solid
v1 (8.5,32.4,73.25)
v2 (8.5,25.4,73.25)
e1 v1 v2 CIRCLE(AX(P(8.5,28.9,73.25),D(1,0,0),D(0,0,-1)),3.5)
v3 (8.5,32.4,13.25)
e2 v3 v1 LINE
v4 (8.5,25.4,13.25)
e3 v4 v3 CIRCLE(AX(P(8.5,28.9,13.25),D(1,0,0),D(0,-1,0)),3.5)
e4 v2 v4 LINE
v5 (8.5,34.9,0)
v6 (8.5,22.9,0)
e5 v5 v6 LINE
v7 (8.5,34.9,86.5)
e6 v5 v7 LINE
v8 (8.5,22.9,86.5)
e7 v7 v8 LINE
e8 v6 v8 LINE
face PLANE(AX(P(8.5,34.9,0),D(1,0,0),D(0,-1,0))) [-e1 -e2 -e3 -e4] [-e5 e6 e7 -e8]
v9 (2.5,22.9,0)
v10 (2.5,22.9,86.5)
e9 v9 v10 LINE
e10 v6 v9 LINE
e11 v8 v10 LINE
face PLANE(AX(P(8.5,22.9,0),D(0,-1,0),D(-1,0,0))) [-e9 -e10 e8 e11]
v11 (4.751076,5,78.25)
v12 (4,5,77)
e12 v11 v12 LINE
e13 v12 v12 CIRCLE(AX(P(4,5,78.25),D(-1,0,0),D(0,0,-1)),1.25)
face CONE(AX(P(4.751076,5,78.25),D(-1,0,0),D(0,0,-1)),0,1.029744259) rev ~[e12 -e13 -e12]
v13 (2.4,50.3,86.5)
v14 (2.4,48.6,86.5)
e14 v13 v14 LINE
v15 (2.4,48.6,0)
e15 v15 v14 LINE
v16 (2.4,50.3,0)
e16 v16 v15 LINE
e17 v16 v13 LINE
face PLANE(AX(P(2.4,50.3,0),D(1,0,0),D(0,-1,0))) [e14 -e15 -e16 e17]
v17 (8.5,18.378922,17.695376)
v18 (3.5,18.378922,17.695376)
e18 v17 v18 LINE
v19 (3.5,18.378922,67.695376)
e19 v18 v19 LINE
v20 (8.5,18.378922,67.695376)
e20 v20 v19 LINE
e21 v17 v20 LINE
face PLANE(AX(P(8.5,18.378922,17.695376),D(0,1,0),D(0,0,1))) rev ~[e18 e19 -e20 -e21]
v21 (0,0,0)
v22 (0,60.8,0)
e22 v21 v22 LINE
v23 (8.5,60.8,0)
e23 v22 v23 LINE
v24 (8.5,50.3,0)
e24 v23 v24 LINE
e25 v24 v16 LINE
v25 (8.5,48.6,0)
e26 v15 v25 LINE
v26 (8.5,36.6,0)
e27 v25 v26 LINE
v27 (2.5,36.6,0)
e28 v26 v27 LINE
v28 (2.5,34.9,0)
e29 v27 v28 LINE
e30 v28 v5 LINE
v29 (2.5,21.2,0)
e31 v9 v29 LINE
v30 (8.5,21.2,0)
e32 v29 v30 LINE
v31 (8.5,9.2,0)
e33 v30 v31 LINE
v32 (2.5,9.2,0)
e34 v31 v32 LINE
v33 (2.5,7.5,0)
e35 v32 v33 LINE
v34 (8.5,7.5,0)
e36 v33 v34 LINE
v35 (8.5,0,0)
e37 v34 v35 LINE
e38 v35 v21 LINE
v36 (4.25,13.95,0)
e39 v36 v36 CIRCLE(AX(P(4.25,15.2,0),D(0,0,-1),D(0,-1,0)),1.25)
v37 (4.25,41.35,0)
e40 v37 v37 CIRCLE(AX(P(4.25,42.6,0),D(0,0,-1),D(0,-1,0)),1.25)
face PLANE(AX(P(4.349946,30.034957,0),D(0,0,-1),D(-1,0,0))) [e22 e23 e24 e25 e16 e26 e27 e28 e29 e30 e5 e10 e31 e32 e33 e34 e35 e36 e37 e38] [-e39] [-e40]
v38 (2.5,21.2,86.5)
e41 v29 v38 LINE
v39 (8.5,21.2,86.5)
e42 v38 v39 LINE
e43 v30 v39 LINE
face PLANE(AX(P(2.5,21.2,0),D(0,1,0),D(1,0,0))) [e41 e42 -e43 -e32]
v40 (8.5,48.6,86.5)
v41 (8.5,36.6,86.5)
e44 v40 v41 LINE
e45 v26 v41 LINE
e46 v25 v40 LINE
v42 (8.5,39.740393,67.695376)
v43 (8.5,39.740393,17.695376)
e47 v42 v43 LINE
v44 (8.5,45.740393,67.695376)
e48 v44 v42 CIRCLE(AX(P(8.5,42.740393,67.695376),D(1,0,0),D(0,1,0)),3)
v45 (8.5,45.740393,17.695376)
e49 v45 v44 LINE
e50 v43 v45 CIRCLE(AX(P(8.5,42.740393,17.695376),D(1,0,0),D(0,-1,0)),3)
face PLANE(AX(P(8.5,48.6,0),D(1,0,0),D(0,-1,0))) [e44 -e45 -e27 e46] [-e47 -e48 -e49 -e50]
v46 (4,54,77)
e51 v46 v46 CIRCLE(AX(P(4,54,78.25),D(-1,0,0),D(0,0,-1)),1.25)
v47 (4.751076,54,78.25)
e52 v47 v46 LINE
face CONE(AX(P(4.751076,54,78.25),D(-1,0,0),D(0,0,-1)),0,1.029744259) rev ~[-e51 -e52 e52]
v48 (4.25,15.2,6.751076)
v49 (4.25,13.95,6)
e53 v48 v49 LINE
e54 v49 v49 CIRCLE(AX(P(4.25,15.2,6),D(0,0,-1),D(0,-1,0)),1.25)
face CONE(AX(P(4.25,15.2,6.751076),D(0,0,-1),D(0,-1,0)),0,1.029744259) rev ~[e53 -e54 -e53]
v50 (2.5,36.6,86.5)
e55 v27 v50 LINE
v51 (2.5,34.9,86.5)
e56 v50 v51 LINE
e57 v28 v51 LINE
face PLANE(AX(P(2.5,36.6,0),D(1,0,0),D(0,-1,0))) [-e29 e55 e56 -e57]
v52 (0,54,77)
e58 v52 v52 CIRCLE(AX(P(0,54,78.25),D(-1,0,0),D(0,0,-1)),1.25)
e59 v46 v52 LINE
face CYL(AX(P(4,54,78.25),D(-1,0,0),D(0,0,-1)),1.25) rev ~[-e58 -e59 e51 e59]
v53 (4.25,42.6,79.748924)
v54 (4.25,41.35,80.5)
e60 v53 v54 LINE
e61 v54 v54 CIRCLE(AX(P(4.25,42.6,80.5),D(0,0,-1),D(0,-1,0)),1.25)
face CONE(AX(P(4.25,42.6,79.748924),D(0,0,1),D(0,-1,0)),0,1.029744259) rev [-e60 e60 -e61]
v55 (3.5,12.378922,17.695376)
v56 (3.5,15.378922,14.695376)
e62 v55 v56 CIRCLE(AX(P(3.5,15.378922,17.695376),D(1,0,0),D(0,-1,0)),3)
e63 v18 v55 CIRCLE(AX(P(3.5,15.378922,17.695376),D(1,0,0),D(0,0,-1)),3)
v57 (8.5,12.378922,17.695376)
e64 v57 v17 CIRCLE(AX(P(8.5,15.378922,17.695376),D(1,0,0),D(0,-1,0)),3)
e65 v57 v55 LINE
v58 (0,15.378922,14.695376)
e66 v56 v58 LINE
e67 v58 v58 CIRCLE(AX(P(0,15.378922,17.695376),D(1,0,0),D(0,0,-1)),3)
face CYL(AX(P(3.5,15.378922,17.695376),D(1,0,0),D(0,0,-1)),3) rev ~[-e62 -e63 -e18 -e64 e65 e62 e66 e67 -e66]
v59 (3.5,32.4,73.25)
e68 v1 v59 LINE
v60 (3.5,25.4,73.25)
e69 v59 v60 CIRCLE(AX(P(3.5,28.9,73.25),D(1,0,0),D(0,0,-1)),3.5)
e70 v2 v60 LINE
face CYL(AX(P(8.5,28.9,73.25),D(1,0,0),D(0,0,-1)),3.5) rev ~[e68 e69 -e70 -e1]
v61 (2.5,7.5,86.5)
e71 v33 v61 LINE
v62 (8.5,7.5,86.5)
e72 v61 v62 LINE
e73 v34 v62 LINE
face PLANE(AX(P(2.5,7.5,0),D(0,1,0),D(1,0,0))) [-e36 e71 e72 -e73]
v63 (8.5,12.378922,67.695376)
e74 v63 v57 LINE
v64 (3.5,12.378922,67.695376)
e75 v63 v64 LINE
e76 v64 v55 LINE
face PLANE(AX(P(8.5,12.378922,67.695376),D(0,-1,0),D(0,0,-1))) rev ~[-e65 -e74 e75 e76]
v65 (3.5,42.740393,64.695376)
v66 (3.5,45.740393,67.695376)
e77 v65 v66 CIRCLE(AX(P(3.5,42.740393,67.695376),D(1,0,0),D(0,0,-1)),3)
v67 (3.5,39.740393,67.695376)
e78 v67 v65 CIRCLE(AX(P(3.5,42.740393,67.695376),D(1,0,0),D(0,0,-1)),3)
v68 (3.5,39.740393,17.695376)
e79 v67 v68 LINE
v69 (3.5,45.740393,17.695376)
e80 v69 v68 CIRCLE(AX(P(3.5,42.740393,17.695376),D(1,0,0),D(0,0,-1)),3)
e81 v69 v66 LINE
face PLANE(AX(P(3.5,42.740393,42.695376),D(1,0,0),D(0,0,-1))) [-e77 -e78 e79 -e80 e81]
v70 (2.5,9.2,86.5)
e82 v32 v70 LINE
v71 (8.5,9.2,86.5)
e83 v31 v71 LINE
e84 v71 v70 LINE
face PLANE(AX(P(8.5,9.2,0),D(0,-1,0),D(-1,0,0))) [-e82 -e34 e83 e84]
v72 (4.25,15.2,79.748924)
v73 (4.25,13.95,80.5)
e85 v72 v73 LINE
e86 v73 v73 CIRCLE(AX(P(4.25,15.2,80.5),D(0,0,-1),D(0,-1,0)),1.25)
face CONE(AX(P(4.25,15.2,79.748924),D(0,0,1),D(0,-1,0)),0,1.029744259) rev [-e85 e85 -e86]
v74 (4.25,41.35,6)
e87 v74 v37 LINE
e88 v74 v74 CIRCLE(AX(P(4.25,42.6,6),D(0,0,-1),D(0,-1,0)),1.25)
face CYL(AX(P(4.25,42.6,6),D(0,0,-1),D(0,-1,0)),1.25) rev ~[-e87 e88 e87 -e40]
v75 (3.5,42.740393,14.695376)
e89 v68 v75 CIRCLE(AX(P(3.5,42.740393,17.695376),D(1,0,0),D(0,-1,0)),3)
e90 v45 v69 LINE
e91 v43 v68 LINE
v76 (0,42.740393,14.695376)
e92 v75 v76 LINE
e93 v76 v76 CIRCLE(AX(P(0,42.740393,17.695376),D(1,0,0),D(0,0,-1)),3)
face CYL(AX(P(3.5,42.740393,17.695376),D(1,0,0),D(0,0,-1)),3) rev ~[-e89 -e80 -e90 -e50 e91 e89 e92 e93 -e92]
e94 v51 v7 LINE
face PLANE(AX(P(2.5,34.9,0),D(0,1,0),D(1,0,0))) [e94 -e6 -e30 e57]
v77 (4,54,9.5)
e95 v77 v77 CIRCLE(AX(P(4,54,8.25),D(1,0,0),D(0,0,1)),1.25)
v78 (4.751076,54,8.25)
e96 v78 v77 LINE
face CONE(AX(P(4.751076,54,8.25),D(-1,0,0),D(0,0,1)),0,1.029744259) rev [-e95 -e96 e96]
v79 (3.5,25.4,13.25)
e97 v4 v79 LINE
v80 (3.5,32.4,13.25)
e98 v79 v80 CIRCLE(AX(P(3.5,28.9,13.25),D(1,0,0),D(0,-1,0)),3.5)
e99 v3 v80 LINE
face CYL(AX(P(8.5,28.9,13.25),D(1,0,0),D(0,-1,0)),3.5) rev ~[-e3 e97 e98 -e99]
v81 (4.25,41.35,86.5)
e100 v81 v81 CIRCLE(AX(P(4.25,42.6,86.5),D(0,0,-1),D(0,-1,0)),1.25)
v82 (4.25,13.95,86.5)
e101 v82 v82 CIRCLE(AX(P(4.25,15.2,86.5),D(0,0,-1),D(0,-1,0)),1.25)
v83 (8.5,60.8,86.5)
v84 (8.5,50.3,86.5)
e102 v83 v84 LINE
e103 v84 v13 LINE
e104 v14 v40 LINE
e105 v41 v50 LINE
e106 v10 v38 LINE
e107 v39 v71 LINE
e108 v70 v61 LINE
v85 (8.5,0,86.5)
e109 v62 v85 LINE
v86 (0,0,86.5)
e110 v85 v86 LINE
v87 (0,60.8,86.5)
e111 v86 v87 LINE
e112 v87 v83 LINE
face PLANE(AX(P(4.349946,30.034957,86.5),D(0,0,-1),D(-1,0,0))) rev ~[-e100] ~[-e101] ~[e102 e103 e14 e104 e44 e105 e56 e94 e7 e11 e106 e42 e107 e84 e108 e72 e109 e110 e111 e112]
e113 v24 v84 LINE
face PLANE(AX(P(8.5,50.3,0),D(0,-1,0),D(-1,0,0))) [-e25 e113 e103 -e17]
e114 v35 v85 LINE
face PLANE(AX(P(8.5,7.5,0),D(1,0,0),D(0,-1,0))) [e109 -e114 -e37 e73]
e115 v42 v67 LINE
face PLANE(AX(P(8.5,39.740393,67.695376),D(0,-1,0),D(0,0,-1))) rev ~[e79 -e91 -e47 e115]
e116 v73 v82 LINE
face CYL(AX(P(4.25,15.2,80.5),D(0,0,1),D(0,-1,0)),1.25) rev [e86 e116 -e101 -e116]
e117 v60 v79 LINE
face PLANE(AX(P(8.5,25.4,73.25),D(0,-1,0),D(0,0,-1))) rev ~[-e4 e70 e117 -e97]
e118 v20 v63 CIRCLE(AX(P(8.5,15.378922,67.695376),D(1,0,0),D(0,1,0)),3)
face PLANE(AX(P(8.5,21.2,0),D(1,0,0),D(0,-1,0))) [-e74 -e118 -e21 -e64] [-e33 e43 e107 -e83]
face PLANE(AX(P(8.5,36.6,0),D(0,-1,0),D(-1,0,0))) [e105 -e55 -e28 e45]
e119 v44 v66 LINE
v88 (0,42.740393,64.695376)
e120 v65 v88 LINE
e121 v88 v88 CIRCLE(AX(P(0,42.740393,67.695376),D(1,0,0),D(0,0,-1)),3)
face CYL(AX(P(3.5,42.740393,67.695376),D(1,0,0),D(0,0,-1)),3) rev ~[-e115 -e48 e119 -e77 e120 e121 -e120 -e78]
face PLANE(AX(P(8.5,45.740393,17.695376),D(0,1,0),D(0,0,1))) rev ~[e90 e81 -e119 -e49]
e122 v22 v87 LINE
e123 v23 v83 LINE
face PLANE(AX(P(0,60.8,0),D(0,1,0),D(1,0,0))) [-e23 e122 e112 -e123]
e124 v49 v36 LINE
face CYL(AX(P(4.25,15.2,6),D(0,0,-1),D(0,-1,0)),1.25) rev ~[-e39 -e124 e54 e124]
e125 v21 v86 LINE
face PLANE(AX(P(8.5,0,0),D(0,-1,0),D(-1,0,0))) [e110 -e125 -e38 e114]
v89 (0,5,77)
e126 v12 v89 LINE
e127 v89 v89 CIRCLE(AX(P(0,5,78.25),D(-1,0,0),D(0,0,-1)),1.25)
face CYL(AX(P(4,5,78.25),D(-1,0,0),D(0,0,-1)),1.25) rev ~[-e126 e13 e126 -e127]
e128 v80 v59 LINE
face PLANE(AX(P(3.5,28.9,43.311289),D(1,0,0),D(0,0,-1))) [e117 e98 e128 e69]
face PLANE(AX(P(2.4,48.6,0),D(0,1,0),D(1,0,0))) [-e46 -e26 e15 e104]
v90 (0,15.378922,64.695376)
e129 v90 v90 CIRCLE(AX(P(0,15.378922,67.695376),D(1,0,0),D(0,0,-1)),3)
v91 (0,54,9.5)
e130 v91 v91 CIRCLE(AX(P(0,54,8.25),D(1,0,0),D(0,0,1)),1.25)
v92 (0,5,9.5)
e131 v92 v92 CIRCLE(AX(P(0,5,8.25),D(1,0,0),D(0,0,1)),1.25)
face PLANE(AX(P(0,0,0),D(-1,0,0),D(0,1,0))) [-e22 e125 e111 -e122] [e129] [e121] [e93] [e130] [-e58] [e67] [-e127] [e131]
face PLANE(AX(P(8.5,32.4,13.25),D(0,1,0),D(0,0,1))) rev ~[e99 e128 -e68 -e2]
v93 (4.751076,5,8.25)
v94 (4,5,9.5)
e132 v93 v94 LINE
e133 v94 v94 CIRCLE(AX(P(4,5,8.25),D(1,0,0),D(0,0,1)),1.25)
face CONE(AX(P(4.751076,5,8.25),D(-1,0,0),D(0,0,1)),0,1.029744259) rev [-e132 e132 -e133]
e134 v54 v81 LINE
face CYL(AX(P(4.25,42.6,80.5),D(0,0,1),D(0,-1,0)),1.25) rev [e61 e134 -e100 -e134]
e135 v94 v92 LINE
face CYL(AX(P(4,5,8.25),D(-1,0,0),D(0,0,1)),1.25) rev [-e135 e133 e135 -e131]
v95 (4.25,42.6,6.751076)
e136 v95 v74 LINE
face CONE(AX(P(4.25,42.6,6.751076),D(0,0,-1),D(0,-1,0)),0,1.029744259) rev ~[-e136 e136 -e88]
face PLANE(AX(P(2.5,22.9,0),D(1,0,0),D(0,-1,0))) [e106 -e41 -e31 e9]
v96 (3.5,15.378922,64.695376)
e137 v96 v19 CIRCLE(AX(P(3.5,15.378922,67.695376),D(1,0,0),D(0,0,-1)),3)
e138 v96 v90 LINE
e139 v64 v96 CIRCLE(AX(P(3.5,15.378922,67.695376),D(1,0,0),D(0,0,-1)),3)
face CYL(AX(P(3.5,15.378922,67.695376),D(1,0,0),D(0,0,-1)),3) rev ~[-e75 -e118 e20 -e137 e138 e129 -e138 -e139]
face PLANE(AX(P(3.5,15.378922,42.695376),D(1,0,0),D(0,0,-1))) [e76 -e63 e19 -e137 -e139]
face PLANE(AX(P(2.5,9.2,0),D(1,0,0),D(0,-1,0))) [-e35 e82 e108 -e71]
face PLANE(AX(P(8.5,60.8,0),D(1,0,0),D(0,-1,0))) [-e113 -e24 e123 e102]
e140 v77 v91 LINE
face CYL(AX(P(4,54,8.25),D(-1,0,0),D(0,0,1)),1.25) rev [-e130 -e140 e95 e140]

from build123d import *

# Parameters (mm, degrees)
BOSS_EXTRUDE1_DEPTH            = 86.5
M3X0_5_TAPPED_HOLE2_AT_2_COUNT = 2
M3X0_5_TAPPED_HOLE2_AT_2_PITCH = 27.4
M3X0_5_TAPPED_HOLE1_AT_2_COUNT = 2
M3X0_5_TAPPED_HOLE1_AT_2_PITCH = 49
SKETCH14_R                     = 3.5
CUT_EXTRUDE3_DEPTH             = 5
CUT_EXTRUDE1_DEPTH             = 5
SKETCH13_R                     = 3
CUT_EXTRUDE2_DEPTH             = 4.5


with BuildPart() as part:
    # Sketch1 → Boss-Extrude1 (new body)
    with BuildSketch(Plane.XY):
        Polygon((0, 0), (0, 60.8), (8.5, 60.8), (8.5, 50.3), (2.4, 50.3), (2.4, 48.6), (8.5, 48.6), (8.5, 36.6), (2.5, 36.6), (2.5, 34.9), (8.5, 34.9), (8.5, 22.9), (2.5, 22.9), (2.5, 21.2), (8.5, 21.2), (8.5, 9.2), (2.5, 9.2), (2.5, 7.5), (8.5, 7.5), (8.5, 0), align=None)
    extrude(amount=BOSS_EXTRUDE1_DEPTH)

    # Sketch4 → M3x0.5 Tapped Hole2 (revolve, cut)
    with BuildSketch(Plane(origin=(4.25, 42.6, 86.5), x_dir=(0, -1, 0), z_dir=(1, 0, 0))):
        Polygon((0, 0), (0, 6.751075774), (1.25, 6), (1.25, 0), align=None)
    m3x0_5_tapped_hole2 = revolve(axis=Axis((4.25, 42.6, 92.85), (0, 0, -1)), mode=Mode.SUBTRACT)

    # M3x0.5 Tapped Hole2 at 2: M3x0.5 Tapped Hole2 ×2
    with Locations(*[(0, -i * M3X0_5_TAPPED_HOLE2_AT_2_PITCH, 0) for i in range(1, M3X0_5_TAPPED_HOLE2_AT_2_COUNT)]):
        add(m3x0_5_tapped_hole2, mode=Mode.SUBTRACT)

    # Mirror1: M3x0.5 Tapped Hole2 across plane
    add(m3x0_5_tapped_hole2.mirror(Plane.XY.offset(43.25)), mode=Mode.SUBTRACT)

    # Mirror1 copy 1 sketch → Mirror1 copy 1 (revolve, cut)
    with BuildSketch(Plane(origin=(4.25, 15.2, 0), x_dir=(0, -1, 0), z_dir=(1, 0, 0))):
        Polygon((0, 0), (0, -6.751075774), (1.25, -6), (1.25, 0), align=None)
    revolve(axis=Axis((4.25, 15.2, -6.35), (0, 0, -1)), mode=Mode.SUBTRACT)

    # Sketch11 → M3x0.5 Tapped Hole1 (revolve, cut)
    with BuildSketch(Plane(origin=(0, 5, 8.25), x_dir=(0, 0, 1), z_dir=(0, 1, 0))):
        Polygon((0, 0), (0, 4.751075774), (1.25, 4), (1.25, 0), align=None)
    m3x0_5_tapped_hole1 = revolve(axis=Axis((-6.35, 5, 8.25), (1, 0, 0)), mode=Mode.SUBTRACT)

    # M3x0.5 Tapped Hole1 at 2: M3x0.5 Tapped Hole1 ×2
    with Locations(*[(0, i * M3X0_5_TAPPED_HOLE1_AT_2_PITCH, 0) for i in range(1, M3X0_5_TAPPED_HOLE1_AT_2_COUNT)]):
        add(m3x0_5_tapped_hole1, mode=Mode.SUBTRACT)

    # Mirror2: M3x0.5 Tapped Hole1 across plane
    add(m3x0_5_tapped_hole1.mirror(Plane(origin=(0, 0, 43.25), x_dir=(1, 0, 0), z_dir=(0, 0, -1))), mode=Mode.SUBTRACT)

    # Mirror2 copy 1 sketch → Mirror2 copy 1 (revolve, cut)
    with BuildSketch(Plane(origin=(0, 54, 78.25), x_dir=(0, 0, -1), z_dir=(0, 1, 0))):
        Polygon((0, 0), (0, -4.751075774), (1.25, -4), (1.25, 0), align=None)
    revolve(axis=Axis((-6.35, 54, 78.25), (-1, 0, 0)), mode=Mode.SUBTRACT)

    # Sketch14 → Cut-Extrude3 (cut)
    with BuildSketch(Plane(origin=(8.5, 0, 0), x_dir=(0, 0, -1), z_dir=(1, 0, 0))):
        with BuildLine():
            Line((-13.25, 32.4), (-73.25, 32.4))
            ThreePointArc((-73.25, 32.4), (-70.775126266, 31.374873734), (-69.75, 28.9))
            ThreePointArc((-69.75, 28.9), (-70.775126266, 26.425126266), (-73.25, 25.4))
            Line((-73.25, 25.4), (-13.25, 25.4))
            ThreePointArc((-13.25, 25.4), (-16.75, 28.9), (-13.25, 32.4))
        make_face()
        with Locations((-73.25, 28.9)):
            Circle(SKETCH14_R)
        with Locations((-13.25, 28.9)):
            Circle(SKETCH14_R)
    extrude(amount=-CUT_EXTRUDE3_DEPTH, mode=Mode.SUBTRACT)

    # Sketch12 → Cut-Extrude1 (cut)
    with BuildSketch(Plane(origin=(8.5, 0, 0), x_dir=(0, 0, -1), z_dir=(1, 0, 0))):
        with BuildLine():
            Line((-17.695375576, 45.740393433), (-67.695375576, 45.740393433))
            ThreePointArc((-67.695375576, 45.740393433), (-70.695375576, 42.740393433), (-67.695375576, 39.740393433))
            Line((-67.695375576, 39.740393433), (-17.695375576, 39.740393433))
            ThreePointArc((-17.695375576, 39.740393433), (-14.695375576, 42.740393433), (-17.695375576, 45.740393433))
        make_face()
        with BuildLine():
            Line((-17.695375576, 18.378921852), (-67.695375576, 18.378921852))
            ThreePointArc((-67.695375576, 18.378921852), (-70.695375576, 15.378921852), (-67.695375576, 12.378921852))
            Line((-67.695375576, 12.378921852), (-17.695375576, 12.378921852))
            ThreePointArc((-17.695375576, 12.378921852), (-14.695375576, 15.378921852), (-17.695375576, 18.378921852))
        make_face()
    extrude(amount=-CUT_EXTRUDE1_DEPTH, mode=Mode.SUBTRACT)

    # Sketch13 → Cut-Extrude2 (cut, through all)
    with BuildSketch(Plane(origin=(3.5, 0, 0), x_dir=(0, 0, -1), z_dir=(1, 0, 0))):
        with Locations((-67.695375576, 42.740393433)):
            Circle(SKETCH13_R)
        with Locations((-17.695375576, 42.740393433)):
            Circle(SKETCH13_R)
        with Locations((-17.695375576, 15.378921852)):
            Circle(SKETCH13_R)
        with Locations((-67.695375576, 15.378921852)):
            Circle(SKETCH13_R)
    extrude(amount=-CUT_EXTRUDE2_DEPTH, mode=Mode.SUBTRACT)


solid = part.part
